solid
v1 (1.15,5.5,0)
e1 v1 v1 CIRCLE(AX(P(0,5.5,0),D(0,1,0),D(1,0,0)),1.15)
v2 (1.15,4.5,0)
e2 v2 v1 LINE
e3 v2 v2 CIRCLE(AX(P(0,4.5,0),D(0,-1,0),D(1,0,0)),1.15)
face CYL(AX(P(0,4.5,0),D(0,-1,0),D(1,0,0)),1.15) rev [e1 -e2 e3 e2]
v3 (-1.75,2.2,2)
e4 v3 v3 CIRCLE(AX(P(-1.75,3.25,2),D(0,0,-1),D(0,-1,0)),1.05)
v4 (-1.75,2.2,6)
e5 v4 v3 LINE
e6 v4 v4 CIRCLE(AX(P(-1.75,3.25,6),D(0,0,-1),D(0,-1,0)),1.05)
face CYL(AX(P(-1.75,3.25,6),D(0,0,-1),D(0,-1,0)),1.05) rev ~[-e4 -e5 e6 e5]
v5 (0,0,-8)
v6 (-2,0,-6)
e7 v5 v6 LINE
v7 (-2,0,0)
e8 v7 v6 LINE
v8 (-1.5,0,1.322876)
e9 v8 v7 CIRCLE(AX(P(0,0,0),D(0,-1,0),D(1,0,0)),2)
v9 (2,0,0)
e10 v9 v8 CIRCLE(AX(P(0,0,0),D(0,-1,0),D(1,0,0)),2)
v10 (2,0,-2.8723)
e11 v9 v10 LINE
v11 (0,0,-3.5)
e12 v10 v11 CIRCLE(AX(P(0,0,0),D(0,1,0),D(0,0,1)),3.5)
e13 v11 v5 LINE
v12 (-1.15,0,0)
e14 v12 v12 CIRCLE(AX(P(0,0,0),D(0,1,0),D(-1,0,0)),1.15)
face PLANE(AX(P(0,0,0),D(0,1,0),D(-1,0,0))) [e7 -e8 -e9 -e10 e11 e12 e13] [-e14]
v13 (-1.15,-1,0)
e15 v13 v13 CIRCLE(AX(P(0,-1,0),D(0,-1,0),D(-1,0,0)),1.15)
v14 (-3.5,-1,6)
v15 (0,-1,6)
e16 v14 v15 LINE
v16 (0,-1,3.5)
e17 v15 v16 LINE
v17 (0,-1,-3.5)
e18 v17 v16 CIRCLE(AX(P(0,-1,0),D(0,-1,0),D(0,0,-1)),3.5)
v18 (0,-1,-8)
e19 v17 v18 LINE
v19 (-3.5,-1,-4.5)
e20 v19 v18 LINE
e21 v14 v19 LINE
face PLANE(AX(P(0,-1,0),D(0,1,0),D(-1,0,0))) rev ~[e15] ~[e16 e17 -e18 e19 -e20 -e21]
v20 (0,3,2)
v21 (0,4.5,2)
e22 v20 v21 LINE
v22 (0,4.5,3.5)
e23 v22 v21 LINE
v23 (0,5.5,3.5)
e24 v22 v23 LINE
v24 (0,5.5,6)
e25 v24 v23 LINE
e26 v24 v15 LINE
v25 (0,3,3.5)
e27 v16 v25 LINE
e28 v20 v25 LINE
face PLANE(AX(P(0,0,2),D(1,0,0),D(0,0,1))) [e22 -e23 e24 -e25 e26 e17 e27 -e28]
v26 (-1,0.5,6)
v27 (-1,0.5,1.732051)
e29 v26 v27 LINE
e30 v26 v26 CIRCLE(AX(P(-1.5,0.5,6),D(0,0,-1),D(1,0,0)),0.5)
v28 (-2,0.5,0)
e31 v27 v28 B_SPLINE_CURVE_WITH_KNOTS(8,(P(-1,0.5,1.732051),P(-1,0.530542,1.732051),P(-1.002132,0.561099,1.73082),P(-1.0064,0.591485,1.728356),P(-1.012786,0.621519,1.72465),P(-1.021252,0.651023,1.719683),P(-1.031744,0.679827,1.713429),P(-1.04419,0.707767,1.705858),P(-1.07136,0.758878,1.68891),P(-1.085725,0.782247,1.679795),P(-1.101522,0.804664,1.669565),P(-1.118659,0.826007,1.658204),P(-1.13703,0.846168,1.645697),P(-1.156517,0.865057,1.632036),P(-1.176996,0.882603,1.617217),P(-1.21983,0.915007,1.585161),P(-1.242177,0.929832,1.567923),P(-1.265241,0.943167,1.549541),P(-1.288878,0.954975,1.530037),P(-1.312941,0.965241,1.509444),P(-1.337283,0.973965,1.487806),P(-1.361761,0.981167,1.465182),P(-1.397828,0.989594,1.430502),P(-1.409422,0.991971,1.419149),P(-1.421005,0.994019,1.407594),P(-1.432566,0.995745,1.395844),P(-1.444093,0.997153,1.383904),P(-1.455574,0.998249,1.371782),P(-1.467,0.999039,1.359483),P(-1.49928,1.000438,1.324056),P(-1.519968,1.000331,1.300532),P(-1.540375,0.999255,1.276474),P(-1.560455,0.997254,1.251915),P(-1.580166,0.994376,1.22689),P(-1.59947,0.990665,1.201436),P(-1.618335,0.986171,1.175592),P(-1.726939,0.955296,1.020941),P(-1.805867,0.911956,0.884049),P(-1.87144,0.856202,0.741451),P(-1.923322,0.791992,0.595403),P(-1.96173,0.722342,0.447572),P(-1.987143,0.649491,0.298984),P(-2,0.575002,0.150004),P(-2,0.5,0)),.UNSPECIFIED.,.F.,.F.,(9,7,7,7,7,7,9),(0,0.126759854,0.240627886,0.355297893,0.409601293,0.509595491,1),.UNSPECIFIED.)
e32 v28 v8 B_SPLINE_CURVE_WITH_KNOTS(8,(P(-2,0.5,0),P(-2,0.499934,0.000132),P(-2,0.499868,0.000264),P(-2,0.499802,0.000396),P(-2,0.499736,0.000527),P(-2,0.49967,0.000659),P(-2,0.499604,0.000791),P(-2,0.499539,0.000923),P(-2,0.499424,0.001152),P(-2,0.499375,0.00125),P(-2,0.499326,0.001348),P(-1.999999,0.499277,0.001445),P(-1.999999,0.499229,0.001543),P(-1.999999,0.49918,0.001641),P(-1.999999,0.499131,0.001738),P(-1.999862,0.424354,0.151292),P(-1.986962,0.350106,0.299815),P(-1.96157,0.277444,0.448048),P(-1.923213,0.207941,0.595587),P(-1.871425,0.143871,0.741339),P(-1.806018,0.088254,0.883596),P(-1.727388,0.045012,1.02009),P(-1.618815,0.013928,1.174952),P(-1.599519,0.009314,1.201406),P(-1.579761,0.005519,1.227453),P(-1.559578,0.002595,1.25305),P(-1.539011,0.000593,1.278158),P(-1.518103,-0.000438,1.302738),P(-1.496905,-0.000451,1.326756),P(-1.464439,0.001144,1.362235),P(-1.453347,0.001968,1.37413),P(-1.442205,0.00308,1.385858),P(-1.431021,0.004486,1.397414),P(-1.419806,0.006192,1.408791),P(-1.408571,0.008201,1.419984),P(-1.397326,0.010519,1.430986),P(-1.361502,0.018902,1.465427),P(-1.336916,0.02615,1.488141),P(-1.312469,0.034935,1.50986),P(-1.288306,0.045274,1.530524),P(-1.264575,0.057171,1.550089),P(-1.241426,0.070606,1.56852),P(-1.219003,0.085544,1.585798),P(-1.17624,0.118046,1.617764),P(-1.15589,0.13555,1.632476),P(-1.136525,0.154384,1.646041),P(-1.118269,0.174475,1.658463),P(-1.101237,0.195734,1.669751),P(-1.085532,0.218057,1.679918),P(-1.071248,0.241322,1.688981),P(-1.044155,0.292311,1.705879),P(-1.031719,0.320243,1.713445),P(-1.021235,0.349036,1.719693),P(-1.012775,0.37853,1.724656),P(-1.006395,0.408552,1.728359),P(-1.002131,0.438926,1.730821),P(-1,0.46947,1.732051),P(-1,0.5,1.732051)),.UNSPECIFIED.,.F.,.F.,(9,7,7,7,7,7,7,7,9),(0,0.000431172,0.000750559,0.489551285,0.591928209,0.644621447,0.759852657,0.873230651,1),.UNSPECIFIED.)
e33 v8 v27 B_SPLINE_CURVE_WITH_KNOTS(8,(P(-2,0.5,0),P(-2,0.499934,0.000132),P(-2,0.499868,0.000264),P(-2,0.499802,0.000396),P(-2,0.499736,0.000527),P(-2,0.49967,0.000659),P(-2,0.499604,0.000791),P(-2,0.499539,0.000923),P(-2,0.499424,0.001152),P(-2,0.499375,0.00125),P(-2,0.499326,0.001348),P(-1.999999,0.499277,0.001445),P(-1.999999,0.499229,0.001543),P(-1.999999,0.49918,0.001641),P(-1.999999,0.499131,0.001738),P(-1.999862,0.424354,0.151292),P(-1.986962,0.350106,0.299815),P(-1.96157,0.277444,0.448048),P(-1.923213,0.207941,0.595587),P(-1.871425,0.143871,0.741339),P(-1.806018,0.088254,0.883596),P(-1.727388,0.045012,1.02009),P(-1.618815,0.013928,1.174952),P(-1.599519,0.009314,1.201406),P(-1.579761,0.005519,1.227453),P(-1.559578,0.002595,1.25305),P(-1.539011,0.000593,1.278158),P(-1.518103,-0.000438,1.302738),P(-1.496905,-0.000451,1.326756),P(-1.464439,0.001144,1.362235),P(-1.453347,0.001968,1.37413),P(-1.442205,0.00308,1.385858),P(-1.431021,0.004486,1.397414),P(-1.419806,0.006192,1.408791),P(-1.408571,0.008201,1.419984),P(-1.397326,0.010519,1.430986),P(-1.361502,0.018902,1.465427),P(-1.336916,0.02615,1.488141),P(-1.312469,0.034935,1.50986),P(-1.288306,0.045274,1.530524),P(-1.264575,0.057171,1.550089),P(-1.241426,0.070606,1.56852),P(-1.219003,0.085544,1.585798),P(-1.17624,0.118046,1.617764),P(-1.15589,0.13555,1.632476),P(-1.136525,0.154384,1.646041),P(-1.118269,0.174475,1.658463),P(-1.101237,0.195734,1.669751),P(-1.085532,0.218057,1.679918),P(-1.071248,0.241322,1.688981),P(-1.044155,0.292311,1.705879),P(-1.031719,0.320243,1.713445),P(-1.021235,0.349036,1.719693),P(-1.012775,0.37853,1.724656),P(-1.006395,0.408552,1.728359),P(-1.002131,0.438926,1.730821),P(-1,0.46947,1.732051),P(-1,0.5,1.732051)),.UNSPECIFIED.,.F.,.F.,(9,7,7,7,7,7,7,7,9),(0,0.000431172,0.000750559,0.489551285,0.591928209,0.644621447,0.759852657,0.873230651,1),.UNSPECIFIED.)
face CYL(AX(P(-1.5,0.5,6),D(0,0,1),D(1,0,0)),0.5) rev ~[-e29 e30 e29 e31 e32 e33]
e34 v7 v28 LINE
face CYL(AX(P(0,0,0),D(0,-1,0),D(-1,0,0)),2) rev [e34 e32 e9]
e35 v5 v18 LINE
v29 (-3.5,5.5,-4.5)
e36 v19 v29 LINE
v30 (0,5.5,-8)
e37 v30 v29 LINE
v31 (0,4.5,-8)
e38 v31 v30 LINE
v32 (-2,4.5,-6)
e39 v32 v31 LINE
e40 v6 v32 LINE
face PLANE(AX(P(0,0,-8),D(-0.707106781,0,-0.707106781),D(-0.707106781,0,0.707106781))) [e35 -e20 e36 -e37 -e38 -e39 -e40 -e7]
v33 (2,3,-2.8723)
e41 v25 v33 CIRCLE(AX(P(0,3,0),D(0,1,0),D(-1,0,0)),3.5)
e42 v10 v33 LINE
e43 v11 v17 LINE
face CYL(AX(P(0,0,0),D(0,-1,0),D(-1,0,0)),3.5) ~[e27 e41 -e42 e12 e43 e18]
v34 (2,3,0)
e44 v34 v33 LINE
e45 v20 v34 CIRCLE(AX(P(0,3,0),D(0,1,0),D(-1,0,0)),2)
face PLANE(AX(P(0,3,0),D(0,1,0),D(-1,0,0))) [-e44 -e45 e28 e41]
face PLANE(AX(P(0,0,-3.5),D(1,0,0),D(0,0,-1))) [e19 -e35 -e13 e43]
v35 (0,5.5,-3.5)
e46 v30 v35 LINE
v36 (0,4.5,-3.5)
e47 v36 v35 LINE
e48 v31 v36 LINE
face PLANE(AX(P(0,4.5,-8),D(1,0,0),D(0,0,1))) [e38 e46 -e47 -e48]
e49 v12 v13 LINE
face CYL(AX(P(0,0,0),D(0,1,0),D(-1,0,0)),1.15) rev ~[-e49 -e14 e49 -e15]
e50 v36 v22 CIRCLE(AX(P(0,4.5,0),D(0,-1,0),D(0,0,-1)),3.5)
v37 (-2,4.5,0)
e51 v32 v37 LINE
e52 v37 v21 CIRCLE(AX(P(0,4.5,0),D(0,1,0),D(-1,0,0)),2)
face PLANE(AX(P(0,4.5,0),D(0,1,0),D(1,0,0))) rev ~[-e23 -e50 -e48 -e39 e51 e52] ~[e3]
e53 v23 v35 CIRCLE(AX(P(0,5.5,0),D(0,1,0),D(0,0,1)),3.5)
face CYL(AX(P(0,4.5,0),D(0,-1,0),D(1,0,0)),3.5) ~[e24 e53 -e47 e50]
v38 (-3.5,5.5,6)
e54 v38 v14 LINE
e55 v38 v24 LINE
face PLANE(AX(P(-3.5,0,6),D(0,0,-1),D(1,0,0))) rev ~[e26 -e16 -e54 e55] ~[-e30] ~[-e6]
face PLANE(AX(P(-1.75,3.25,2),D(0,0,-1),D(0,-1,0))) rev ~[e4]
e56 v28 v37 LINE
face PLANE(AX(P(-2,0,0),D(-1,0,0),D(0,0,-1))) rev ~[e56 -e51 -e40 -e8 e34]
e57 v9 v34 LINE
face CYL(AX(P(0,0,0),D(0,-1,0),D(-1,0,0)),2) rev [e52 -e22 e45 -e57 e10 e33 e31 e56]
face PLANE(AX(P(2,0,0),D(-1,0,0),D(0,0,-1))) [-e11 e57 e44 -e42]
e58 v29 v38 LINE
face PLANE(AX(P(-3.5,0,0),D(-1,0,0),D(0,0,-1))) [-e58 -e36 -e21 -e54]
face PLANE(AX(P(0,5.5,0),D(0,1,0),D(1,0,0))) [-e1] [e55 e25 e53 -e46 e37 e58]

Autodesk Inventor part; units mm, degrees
ref_plane "YZ Plane" through (0, 0, 0) normal (1, 0, 0) x (0, 1, 0)
ref_plane "XZ Plane" through (0, 0, 0) normal (0, 1, 0) x (-1, 0, 0)
ref_plane "XY Plane" through (0, 0, 0) normal (0, 0, 1) x (1, 0, 0)
sketch "スケッチ1" plane through (0, 0, 0) normal (0, 1, 0) x (-1, 0, 0)
  circle A0 centre (0, 0) radius 1.15
  circle A1 centre (0, 0) radius 2
  circle A2 centre (0, 0) radius 3.5
  line L0 (0, 0) -> (0, 3.5)
  line L1 (2, 0) -> (-2, 0)
  line L2 (2, 0) -> (2, -2.8723)
  line L3 (-2, 0) -> (-2, -2.8723)
  line L4 (0, 2) -> (3.5, 2)
  line L5 (3.5, 2) -> (3.5, 6)
  line L6 (3.5, 6) -> (0, 6)
  line L7 (0, 6) -> (0, 2)
  line L8 (0, 6) -> (3.5, 6)
  line L9 (3.5, 6) -> (3.5, 0)
  line L10 (3.5, 0) -> (0, 0)
  line L11 (0, 0) -> (0, 6)
  line L12 (0, 0) -> (0, -8)
  line L13 (0, 0) -> (3.5, 0)
  line L14 (3.5, 0) -> (3.5, -8)
  line L15 (3.5, -8) -> (0, -8)
  line L16 (0, -8) -> (0, 0)
  line L17 (2, -2.8723) -> (2, -8)
  line L18 (0, -8) -> (3.5, -4.5)
  line L19 (0, -8) -> (4.9497, -8) construction
  point P0 (2, -6)
  point P1 (0, -3.5)
  dimension "d0" = 2.3
  dimension "d1" = 4
  dimension "d2" = 7
  dimension "d3" = 3.5
  dimension "d4" = 4
  dimension "d5" = 8
  dimension "d6" = 45
extrude "押し出し1" add sketch "スケッチ1" along normal blind 3 contours A1 L3 A2 L0
extrude "押し出し2" add sketch "スケッチ1" along normal blind 4.5 contours L10 A2 L2 | A1 L4 A2 L10 | L0 A2 L4 | A2 L14 L18 L17 | A2 L4 L9 | L7 L6 L5 L4 A2
extrude "押し出し3" add sketch "スケッチ1" against normal blind 1 contours L1 A1 L12 A0 | A0 L0 A1 L1 | A0 L1 A1 L0 | L12 A1 L1 A0 | L2 A2 L12 A1 | L10 A2 L2 | A1 L4 A2 L10 | A1 L3 A2 L0 | L0 A2 L4 | L12 A2 L3 A1 | L17 L18 L12 A2 | A2 L14 L18 L17 | A2 L4 L9 | L7 L6 L5 L4 A2
sketch "スケッチ2" plane through (0, 4.5, 0) normal (0, 1, 0) x (1, 0, 0)
  circle A0 centre (0, 0) radius 1.15
  circle A1 centre (0, 0) radius 2
  circle A2 centre (0, 0) radius 3.5
  line L0 (0, -2) -> (0, -3.5) projected
  line L1 (-3.5, 4.5) -> (-3.5, -6) projected
  line L2 (0, -2) -> (-3.5, -2)
  line L3 (-3.5, -2) -> (-3.5, -6)
  line L4 (-3.5, -6) -> (0, -6)
  line L5 (0, -6) -> (0, -2)
  line L6 (0, -2) -> (-3.5, -2)
  line L7 (-3.5, -2) -> (-3.5, 8)
  line L8 (-3.5, 8) -> (0, 8)
  line L9 (0, 8) -> (0, -2)
  line L10 (0, 0) -> (-2, 0)
  line L11 (-2, 0) -> (-2, 8)
  line L12 (-2, 8) -> (0, 8)
  line L13 (0, 8) -> (0, 0)
  line L14 (0, 8) -> (-3.5, 4.5)
  line L15 (0, 8) -> (4.9497, 8) construction
  point P0 (0, 3.5)
  dimension "d14" = 4
  dimension "d15" = 7
  dimension "d13" = 2.3
  dimension "d16" = 3.5
  dimension "d17" = 4
  dimension "d18" = 3.5
  dimension "d19" = 10
  dimension "d20" = 2
  dimension "d21" = 8
  dimension "d22" = 135
extrude "押し出し4" add sketch "スケッチ2" along normal blind 1 contours A0 L9 A1 | A0 L10 A1 L9 | L9 A1 L10 A0 | L9 A2 L0 A1 | A1 L11 A2 L9 | L2 A2 L11 A1 | L0 A2 L2 | A2 L11 L14 L9 | L5 L4 L1 L2 A2 | L2 L1 A2 | A2 L1 L14 L11
sketch "スケッチ3" plane through (-3.5, -1, 6) normal (0, 0, 1) x (1, 0, 0)
  line L0 (0, 0) -> (0, 6.5) projected
  line L1 (0, 0) -> (3.5, 0)
  line L2 (3.5, 0) -> (3.5, 1)
  line L3 (3.5, 1) -> (0, 1)
  line L4 (0, 1) -> (0, 0)
  line L5 (3.5, 1) -> (2, 1)
  line L6 (2, 1) -> (2, 1.5)
  line L7 (2, 1.5) -> (3.5, 1.5)
  line L8 (3.5, 1.5) -> (3.5, 1)
  circle A0 centre (2, 1.5) radius 0.5
  line L9 (0, 6.5) -> (1.75, 6.5)
  line L10 (1.75, 6.5) -> (1.75, 4.25)
  line L11 (1.75, 4.25) -> (0, 4.25)
  line L12 (0, 4.25) -> (0, 6.5)
  dimension "d25" = 3.5
  dimension "d26" = 1
  dimension "d27" = 1.5
  dimension "d28" = 0.5
  dimension "d29" = 1.75
  dimension "d30" = 2.25
extrude "押し出し5" cut sketch "スケッチ3" against normal blind 6 contours A0 L7 L6 | L6 L7 A0
hole "穴1" at (-1.75, 3.25, 6) direction (0, 0, -1) diameter 2.1 depth 4
properties part number "rod6.0"
